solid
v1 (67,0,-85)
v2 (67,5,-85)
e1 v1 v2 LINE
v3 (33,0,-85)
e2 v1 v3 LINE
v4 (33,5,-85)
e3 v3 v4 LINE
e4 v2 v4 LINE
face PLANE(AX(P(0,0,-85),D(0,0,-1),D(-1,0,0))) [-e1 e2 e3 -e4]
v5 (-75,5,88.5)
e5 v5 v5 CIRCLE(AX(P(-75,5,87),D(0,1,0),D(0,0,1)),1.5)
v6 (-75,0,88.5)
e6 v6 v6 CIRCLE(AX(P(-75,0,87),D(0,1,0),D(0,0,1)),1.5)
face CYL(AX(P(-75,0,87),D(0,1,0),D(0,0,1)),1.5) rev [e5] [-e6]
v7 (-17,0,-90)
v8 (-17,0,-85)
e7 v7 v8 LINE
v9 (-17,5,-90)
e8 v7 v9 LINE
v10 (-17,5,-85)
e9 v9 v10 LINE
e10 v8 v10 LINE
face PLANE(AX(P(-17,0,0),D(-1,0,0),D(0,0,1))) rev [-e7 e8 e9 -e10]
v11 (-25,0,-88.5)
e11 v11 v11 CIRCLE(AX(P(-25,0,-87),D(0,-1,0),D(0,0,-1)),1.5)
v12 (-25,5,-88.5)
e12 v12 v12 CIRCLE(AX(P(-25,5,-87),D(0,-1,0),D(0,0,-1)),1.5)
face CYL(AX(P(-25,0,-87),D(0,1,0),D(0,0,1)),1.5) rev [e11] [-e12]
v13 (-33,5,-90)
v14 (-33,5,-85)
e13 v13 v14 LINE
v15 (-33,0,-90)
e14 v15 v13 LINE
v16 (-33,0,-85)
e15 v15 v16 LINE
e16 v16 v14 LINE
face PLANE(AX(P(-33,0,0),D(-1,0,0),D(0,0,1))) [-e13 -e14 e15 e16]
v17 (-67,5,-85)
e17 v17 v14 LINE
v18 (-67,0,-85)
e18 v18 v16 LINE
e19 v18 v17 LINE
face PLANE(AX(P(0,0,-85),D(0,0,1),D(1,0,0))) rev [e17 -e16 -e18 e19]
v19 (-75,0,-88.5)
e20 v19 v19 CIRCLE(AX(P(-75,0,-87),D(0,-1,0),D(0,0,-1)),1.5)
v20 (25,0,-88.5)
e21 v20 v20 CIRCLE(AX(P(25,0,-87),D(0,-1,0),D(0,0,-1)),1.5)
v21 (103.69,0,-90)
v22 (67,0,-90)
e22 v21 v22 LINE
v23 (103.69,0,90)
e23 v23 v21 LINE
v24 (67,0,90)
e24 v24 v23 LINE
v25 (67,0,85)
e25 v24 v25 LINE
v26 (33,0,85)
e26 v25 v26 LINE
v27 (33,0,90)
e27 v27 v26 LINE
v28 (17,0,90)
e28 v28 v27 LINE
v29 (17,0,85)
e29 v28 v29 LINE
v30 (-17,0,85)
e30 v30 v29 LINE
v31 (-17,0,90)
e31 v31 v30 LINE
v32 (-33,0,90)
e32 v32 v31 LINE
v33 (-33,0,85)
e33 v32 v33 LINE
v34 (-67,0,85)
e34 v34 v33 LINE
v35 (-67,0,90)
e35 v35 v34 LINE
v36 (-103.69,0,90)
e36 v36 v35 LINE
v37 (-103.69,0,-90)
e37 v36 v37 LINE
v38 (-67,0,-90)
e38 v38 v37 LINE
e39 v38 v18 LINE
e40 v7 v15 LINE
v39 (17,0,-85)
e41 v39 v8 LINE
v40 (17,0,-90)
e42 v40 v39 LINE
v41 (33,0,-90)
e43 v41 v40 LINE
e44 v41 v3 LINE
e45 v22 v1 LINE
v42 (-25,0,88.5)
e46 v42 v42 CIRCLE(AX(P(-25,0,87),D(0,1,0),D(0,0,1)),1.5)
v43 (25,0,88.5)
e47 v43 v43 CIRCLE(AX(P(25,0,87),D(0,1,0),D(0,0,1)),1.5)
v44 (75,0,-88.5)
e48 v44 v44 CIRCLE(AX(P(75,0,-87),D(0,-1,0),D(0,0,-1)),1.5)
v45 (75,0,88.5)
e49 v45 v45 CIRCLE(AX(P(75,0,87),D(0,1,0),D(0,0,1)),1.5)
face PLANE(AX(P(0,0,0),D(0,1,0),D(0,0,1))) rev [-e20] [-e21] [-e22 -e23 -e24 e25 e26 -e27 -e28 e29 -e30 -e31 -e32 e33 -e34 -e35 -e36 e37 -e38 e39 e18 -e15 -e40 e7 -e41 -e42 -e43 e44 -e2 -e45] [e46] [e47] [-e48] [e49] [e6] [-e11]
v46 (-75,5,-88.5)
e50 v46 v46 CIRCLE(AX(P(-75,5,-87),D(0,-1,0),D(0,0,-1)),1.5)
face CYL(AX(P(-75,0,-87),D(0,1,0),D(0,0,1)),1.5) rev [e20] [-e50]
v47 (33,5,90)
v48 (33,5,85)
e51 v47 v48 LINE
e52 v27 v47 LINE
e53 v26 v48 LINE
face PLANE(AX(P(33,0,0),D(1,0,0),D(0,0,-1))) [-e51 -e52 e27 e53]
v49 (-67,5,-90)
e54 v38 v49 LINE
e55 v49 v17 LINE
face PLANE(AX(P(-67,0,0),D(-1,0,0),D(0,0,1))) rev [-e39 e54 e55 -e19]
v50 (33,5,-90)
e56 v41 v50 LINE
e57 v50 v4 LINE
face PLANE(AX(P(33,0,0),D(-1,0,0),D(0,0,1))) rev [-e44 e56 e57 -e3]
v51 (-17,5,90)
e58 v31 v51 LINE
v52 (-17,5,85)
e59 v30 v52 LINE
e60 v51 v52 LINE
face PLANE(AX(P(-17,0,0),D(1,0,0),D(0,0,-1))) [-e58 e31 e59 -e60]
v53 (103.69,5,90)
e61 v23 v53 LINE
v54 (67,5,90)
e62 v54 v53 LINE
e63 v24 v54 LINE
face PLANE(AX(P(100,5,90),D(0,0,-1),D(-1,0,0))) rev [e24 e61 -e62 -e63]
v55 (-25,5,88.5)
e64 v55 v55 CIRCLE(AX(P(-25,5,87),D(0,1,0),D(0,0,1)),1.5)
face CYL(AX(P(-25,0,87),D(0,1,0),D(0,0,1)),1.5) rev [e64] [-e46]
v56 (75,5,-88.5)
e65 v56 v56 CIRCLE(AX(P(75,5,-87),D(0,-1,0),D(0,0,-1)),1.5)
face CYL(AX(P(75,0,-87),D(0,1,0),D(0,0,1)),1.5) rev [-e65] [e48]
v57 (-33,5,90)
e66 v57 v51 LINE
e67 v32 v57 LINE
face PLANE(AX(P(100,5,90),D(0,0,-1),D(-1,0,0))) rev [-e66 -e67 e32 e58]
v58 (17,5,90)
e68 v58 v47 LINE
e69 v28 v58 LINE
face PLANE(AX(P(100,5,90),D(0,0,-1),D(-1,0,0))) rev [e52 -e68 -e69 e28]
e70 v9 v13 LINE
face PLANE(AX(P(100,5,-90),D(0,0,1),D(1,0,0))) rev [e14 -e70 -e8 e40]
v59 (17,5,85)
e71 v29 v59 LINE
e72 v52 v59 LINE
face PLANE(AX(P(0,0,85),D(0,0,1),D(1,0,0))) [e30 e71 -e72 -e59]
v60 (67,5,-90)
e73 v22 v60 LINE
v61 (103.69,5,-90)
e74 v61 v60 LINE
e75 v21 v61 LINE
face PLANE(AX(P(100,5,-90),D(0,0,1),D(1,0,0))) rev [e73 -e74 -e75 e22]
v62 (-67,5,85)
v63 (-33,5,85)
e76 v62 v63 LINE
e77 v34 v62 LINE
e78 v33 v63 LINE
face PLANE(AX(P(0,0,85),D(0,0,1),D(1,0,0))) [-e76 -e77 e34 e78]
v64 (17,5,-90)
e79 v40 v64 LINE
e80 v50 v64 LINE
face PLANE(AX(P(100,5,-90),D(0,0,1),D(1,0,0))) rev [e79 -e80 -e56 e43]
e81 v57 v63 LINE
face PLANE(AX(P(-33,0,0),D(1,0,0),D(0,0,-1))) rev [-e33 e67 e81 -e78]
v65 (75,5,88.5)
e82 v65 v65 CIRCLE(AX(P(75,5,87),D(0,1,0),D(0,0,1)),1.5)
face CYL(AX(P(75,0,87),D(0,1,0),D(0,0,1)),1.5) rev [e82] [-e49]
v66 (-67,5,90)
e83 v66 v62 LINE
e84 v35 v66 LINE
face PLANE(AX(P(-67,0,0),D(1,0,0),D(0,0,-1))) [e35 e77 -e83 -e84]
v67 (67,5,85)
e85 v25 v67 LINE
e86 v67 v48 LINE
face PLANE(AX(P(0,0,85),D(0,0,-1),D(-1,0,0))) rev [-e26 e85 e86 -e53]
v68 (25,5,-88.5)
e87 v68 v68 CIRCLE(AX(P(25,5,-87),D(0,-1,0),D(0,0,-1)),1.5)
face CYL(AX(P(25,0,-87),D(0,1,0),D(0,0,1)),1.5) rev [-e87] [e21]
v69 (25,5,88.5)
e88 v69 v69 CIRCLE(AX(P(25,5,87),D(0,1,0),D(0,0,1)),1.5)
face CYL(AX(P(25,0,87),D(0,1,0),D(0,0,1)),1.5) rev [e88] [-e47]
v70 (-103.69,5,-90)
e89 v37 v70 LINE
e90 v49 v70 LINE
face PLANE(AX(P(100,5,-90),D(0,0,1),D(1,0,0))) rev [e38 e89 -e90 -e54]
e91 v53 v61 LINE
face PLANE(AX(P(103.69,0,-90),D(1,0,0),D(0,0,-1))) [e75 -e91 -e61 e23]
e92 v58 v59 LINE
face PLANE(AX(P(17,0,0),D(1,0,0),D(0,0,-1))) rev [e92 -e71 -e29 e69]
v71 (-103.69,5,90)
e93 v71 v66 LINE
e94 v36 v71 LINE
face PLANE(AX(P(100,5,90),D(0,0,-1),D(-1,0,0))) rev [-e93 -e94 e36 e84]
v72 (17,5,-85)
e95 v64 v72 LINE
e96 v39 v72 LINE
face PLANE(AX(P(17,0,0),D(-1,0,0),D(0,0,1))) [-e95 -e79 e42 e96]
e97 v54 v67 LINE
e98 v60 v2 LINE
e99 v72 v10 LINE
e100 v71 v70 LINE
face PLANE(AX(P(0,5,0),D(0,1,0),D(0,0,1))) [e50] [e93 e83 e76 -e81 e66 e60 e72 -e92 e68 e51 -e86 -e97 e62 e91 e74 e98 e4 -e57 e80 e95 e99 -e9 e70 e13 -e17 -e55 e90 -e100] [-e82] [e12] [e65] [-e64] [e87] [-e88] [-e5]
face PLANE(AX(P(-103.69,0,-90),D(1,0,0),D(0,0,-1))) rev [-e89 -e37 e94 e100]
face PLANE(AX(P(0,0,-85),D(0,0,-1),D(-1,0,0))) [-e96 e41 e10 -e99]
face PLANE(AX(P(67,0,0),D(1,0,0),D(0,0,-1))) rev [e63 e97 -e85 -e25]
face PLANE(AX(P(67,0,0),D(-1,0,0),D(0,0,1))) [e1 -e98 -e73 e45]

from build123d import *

# Parameters (mm, degrees)
CROQUIS1_W                  = 200
CROQUIS1_H                  = 180
SALIENTE_EXTRUIR1_DEPTH     = 5
CROQUIS4_W                  = 17
CROQUIS4_H                  = 5
CROQUIS4_W_2                = 34
CORTAR_EXTRUIR4_DEPTH       = 135.629120178
SIMETR_A3_COPY_1_SKETCH_W   = 17
SIMETR_A3_COPY_1_SKETCH_H   = 5
SIMETR_A3_COPY_1_SKETCH_W_2 = 34
SIMETR_A3_COPY_1_DEPTH      = 135.629120178
CROQUIS5_R                  = 1.5
CORTAR_EXTRUIR5_DEPTH       = 135.629120178
CROQUIS6_W                  = 17
CROQUIS6_H                  = 5
SALIENTE_EXTRUIR3_DEPTH     = 5
SIMETR_A6_COPY_1_SKETCH_W   = 17
SIMETR_A6_COPY_1_SKETCH_H   = 5
SIMETR_A6_COPY_1_DEPTH      = 5
CROQUIS9_W                  = 3.69
CROQUIS9_H                  = 180
SALIENTE_EXTRUIR7_DEPTH     = 5


with BuildPart() as part:
    # Croquis1 → Saliente-Extruir1 (new body)
    with BuildSketch(Plane(origin=(0, 0, 0), x_dir=(1, 0, 0), z_dir=(0, 1, 0))):
        Rectangle(CROQUIS1_W, CROQUIS1_H)
    extrude(amount=SALIENTE_EXTRUIR1_DEPTH)

    # Croquis4 → Cortar-Extruir4 (cut, through all)
    with BuildSketch(Plane(origin=(0, 5, 0), x_dir=(1, 0, 0), z_dir=(0, 1, 0))):
        with Locations((-91.5, -87.5)):
            Rectangle(CROQUIS4_W, CROQUIS4_H)
        with Locations((-50, -87.5)):
            Rectangle(CROQUIS4_W_2, CROQUIS4_H)
        with Locations((-8.5, -87.5)):
            Rectangle(CROQUIS4_W, CROQUIS4_H)
    cortar_extruir4 = extrude(amount=-CORTAR_EXTRUIR4_DEPTH, mode=Mode.SUBTRACT)

    # Simetría2: Cortar-Extruir4 across plane
    add(cortar_extruir4.mirror(Plane(origin=(0, 0, 0), x_dir=(0, 0, 1), z_dir=(1, 0, 0))), mode=Mode.SUBTRACT)

    # Simetría3: Cortar-Extruir4 across plane
    add(cortar_extruir4.mirror(Plane.XY), mode=Mode.SUBTRACT)

    # Simetría3 copy 1 sketch → Simetría3 copy 1 (cut, through all)
    with BuildSketch(Plane(origin=(0, 5, 0), x_dir=(-1, 0, 0), z_dir=(0, 1, 0))):
        with Locations((-91.5, -87.5)):
            Rectangle(SIMETR_A3_COPY_1_SKETCH_W, SIMETR_A3_COPY_1_SKETCH_H)
        with Locations((-50, -87.5)):
            Rectangle(SIMETR_A3_COPY_1_SKETCH_W_2, SIMETR_A3_COPY_1_SKETCH_H)
        with Locations((-8.5, -87.5)):
            Rectangle(SIMETR_A3_COPY_1_SKETCH_W, SIMETR_A3_COPY_1_SKETCH_H)
    extrude(amount=-SIMETR_A3_COPY_1_DEPTH, mode=Mode.SUBTRACT)

    # Croquis5 → Cortar-Extruir5 (cut, through all)
    with BuildSketch(Plane(origin=(0, 5, 0), x_dir=(1, 0, 0), z_dir=(0, 1, 0))):
        with Locations(Location((-75, -87, 0), (0, 0, 270))):
            Circle(CROQUIS5_R)
        with Locations(Location((-25, -87, 0), (0, 0, 270))):
            Circle(CROQUIS5_R)
        with Locations(Location((25, -87, 0), (0, 0, 270))):
            Circle(CROQUIS5_R)
        with Locations(Location((75, -87, 0), (0, 0, 270))):
            Circle(CROQUIS5_R)
    cortar_extruir5 = extrude(amount=-CORTAR_EXTRUIR5_DEPTH, mode=Mode.SUBTRACT)

    # Simetría4: Cortar-Extruir5 across plane
    add(cortar_extruir5.mirror(Plane.XY), mode=Mode.SUBTRACT)

    # Croquis6 → Saliente-Extruir3 (add, through all)
    with BuildSketch(Plane(origin=(0, 5, 0), x_dir=(1, 0, 0), z_dir=(0, 1, 0))):
        with Locations((91.5, 87.5)):
            Rectangle(CROQUIS6_W, CROQUIS6_H)
    saliente_extruir3 = extrude(amount=-SALIENTE_EXTRUIR3_DEPTH)

    # Simetría5: Saliente-Extruir3 across plane
    add(saliente_extruir3.mirror(Plane(origin=(0, 0, 0), x_dir=(0, 0, 1), z_dir=(1, 0, 0))))

    # Simetría6: Saliente-Extruir3 across plane
    add(saliente_extruir3.mirror(Plane.XY))

    # Simetría6 copy 1 sketch → Simetría6 copy 1 (add, through all)
    with BuildSketch(Plane(origin=(0, 5, 0), x_dir=(-1, 0, 0), z_dir=(0, 1, 0))):
        with Locations((91.5, 87.5)):
            Rectangle(SIMETR_A6_COPY_1_SKETCH_W, SIMETR_A6_COPY_1_SKETCH_H)
    extrude(amount=-SIMETR_A6_COPY_1_DEPTH)

    # Croquis9 → Saliente-Extruir7 (add)
    with BuildSketch(Plane(origin=(0, 5, 0), x_dir=(1, 0, 0), z_dir=(0, 1, 0))):
        with Locations((101.845, 0)):
            Rectangle(CROQUIS9_W, CROQUIS9_H)
    saliente_extruir7 = extrude(amount=-SALIENTE_EXTRUIR7_DEPTH)

    # Simetría7: Saliente-Extruir7 across plane
    add(saliente_extruir7.mirror(Plane(origin=(0, 0, 0), x_dir=(0, 0, 1), z_dir=(1, 0, 0))))


solid = part.part
